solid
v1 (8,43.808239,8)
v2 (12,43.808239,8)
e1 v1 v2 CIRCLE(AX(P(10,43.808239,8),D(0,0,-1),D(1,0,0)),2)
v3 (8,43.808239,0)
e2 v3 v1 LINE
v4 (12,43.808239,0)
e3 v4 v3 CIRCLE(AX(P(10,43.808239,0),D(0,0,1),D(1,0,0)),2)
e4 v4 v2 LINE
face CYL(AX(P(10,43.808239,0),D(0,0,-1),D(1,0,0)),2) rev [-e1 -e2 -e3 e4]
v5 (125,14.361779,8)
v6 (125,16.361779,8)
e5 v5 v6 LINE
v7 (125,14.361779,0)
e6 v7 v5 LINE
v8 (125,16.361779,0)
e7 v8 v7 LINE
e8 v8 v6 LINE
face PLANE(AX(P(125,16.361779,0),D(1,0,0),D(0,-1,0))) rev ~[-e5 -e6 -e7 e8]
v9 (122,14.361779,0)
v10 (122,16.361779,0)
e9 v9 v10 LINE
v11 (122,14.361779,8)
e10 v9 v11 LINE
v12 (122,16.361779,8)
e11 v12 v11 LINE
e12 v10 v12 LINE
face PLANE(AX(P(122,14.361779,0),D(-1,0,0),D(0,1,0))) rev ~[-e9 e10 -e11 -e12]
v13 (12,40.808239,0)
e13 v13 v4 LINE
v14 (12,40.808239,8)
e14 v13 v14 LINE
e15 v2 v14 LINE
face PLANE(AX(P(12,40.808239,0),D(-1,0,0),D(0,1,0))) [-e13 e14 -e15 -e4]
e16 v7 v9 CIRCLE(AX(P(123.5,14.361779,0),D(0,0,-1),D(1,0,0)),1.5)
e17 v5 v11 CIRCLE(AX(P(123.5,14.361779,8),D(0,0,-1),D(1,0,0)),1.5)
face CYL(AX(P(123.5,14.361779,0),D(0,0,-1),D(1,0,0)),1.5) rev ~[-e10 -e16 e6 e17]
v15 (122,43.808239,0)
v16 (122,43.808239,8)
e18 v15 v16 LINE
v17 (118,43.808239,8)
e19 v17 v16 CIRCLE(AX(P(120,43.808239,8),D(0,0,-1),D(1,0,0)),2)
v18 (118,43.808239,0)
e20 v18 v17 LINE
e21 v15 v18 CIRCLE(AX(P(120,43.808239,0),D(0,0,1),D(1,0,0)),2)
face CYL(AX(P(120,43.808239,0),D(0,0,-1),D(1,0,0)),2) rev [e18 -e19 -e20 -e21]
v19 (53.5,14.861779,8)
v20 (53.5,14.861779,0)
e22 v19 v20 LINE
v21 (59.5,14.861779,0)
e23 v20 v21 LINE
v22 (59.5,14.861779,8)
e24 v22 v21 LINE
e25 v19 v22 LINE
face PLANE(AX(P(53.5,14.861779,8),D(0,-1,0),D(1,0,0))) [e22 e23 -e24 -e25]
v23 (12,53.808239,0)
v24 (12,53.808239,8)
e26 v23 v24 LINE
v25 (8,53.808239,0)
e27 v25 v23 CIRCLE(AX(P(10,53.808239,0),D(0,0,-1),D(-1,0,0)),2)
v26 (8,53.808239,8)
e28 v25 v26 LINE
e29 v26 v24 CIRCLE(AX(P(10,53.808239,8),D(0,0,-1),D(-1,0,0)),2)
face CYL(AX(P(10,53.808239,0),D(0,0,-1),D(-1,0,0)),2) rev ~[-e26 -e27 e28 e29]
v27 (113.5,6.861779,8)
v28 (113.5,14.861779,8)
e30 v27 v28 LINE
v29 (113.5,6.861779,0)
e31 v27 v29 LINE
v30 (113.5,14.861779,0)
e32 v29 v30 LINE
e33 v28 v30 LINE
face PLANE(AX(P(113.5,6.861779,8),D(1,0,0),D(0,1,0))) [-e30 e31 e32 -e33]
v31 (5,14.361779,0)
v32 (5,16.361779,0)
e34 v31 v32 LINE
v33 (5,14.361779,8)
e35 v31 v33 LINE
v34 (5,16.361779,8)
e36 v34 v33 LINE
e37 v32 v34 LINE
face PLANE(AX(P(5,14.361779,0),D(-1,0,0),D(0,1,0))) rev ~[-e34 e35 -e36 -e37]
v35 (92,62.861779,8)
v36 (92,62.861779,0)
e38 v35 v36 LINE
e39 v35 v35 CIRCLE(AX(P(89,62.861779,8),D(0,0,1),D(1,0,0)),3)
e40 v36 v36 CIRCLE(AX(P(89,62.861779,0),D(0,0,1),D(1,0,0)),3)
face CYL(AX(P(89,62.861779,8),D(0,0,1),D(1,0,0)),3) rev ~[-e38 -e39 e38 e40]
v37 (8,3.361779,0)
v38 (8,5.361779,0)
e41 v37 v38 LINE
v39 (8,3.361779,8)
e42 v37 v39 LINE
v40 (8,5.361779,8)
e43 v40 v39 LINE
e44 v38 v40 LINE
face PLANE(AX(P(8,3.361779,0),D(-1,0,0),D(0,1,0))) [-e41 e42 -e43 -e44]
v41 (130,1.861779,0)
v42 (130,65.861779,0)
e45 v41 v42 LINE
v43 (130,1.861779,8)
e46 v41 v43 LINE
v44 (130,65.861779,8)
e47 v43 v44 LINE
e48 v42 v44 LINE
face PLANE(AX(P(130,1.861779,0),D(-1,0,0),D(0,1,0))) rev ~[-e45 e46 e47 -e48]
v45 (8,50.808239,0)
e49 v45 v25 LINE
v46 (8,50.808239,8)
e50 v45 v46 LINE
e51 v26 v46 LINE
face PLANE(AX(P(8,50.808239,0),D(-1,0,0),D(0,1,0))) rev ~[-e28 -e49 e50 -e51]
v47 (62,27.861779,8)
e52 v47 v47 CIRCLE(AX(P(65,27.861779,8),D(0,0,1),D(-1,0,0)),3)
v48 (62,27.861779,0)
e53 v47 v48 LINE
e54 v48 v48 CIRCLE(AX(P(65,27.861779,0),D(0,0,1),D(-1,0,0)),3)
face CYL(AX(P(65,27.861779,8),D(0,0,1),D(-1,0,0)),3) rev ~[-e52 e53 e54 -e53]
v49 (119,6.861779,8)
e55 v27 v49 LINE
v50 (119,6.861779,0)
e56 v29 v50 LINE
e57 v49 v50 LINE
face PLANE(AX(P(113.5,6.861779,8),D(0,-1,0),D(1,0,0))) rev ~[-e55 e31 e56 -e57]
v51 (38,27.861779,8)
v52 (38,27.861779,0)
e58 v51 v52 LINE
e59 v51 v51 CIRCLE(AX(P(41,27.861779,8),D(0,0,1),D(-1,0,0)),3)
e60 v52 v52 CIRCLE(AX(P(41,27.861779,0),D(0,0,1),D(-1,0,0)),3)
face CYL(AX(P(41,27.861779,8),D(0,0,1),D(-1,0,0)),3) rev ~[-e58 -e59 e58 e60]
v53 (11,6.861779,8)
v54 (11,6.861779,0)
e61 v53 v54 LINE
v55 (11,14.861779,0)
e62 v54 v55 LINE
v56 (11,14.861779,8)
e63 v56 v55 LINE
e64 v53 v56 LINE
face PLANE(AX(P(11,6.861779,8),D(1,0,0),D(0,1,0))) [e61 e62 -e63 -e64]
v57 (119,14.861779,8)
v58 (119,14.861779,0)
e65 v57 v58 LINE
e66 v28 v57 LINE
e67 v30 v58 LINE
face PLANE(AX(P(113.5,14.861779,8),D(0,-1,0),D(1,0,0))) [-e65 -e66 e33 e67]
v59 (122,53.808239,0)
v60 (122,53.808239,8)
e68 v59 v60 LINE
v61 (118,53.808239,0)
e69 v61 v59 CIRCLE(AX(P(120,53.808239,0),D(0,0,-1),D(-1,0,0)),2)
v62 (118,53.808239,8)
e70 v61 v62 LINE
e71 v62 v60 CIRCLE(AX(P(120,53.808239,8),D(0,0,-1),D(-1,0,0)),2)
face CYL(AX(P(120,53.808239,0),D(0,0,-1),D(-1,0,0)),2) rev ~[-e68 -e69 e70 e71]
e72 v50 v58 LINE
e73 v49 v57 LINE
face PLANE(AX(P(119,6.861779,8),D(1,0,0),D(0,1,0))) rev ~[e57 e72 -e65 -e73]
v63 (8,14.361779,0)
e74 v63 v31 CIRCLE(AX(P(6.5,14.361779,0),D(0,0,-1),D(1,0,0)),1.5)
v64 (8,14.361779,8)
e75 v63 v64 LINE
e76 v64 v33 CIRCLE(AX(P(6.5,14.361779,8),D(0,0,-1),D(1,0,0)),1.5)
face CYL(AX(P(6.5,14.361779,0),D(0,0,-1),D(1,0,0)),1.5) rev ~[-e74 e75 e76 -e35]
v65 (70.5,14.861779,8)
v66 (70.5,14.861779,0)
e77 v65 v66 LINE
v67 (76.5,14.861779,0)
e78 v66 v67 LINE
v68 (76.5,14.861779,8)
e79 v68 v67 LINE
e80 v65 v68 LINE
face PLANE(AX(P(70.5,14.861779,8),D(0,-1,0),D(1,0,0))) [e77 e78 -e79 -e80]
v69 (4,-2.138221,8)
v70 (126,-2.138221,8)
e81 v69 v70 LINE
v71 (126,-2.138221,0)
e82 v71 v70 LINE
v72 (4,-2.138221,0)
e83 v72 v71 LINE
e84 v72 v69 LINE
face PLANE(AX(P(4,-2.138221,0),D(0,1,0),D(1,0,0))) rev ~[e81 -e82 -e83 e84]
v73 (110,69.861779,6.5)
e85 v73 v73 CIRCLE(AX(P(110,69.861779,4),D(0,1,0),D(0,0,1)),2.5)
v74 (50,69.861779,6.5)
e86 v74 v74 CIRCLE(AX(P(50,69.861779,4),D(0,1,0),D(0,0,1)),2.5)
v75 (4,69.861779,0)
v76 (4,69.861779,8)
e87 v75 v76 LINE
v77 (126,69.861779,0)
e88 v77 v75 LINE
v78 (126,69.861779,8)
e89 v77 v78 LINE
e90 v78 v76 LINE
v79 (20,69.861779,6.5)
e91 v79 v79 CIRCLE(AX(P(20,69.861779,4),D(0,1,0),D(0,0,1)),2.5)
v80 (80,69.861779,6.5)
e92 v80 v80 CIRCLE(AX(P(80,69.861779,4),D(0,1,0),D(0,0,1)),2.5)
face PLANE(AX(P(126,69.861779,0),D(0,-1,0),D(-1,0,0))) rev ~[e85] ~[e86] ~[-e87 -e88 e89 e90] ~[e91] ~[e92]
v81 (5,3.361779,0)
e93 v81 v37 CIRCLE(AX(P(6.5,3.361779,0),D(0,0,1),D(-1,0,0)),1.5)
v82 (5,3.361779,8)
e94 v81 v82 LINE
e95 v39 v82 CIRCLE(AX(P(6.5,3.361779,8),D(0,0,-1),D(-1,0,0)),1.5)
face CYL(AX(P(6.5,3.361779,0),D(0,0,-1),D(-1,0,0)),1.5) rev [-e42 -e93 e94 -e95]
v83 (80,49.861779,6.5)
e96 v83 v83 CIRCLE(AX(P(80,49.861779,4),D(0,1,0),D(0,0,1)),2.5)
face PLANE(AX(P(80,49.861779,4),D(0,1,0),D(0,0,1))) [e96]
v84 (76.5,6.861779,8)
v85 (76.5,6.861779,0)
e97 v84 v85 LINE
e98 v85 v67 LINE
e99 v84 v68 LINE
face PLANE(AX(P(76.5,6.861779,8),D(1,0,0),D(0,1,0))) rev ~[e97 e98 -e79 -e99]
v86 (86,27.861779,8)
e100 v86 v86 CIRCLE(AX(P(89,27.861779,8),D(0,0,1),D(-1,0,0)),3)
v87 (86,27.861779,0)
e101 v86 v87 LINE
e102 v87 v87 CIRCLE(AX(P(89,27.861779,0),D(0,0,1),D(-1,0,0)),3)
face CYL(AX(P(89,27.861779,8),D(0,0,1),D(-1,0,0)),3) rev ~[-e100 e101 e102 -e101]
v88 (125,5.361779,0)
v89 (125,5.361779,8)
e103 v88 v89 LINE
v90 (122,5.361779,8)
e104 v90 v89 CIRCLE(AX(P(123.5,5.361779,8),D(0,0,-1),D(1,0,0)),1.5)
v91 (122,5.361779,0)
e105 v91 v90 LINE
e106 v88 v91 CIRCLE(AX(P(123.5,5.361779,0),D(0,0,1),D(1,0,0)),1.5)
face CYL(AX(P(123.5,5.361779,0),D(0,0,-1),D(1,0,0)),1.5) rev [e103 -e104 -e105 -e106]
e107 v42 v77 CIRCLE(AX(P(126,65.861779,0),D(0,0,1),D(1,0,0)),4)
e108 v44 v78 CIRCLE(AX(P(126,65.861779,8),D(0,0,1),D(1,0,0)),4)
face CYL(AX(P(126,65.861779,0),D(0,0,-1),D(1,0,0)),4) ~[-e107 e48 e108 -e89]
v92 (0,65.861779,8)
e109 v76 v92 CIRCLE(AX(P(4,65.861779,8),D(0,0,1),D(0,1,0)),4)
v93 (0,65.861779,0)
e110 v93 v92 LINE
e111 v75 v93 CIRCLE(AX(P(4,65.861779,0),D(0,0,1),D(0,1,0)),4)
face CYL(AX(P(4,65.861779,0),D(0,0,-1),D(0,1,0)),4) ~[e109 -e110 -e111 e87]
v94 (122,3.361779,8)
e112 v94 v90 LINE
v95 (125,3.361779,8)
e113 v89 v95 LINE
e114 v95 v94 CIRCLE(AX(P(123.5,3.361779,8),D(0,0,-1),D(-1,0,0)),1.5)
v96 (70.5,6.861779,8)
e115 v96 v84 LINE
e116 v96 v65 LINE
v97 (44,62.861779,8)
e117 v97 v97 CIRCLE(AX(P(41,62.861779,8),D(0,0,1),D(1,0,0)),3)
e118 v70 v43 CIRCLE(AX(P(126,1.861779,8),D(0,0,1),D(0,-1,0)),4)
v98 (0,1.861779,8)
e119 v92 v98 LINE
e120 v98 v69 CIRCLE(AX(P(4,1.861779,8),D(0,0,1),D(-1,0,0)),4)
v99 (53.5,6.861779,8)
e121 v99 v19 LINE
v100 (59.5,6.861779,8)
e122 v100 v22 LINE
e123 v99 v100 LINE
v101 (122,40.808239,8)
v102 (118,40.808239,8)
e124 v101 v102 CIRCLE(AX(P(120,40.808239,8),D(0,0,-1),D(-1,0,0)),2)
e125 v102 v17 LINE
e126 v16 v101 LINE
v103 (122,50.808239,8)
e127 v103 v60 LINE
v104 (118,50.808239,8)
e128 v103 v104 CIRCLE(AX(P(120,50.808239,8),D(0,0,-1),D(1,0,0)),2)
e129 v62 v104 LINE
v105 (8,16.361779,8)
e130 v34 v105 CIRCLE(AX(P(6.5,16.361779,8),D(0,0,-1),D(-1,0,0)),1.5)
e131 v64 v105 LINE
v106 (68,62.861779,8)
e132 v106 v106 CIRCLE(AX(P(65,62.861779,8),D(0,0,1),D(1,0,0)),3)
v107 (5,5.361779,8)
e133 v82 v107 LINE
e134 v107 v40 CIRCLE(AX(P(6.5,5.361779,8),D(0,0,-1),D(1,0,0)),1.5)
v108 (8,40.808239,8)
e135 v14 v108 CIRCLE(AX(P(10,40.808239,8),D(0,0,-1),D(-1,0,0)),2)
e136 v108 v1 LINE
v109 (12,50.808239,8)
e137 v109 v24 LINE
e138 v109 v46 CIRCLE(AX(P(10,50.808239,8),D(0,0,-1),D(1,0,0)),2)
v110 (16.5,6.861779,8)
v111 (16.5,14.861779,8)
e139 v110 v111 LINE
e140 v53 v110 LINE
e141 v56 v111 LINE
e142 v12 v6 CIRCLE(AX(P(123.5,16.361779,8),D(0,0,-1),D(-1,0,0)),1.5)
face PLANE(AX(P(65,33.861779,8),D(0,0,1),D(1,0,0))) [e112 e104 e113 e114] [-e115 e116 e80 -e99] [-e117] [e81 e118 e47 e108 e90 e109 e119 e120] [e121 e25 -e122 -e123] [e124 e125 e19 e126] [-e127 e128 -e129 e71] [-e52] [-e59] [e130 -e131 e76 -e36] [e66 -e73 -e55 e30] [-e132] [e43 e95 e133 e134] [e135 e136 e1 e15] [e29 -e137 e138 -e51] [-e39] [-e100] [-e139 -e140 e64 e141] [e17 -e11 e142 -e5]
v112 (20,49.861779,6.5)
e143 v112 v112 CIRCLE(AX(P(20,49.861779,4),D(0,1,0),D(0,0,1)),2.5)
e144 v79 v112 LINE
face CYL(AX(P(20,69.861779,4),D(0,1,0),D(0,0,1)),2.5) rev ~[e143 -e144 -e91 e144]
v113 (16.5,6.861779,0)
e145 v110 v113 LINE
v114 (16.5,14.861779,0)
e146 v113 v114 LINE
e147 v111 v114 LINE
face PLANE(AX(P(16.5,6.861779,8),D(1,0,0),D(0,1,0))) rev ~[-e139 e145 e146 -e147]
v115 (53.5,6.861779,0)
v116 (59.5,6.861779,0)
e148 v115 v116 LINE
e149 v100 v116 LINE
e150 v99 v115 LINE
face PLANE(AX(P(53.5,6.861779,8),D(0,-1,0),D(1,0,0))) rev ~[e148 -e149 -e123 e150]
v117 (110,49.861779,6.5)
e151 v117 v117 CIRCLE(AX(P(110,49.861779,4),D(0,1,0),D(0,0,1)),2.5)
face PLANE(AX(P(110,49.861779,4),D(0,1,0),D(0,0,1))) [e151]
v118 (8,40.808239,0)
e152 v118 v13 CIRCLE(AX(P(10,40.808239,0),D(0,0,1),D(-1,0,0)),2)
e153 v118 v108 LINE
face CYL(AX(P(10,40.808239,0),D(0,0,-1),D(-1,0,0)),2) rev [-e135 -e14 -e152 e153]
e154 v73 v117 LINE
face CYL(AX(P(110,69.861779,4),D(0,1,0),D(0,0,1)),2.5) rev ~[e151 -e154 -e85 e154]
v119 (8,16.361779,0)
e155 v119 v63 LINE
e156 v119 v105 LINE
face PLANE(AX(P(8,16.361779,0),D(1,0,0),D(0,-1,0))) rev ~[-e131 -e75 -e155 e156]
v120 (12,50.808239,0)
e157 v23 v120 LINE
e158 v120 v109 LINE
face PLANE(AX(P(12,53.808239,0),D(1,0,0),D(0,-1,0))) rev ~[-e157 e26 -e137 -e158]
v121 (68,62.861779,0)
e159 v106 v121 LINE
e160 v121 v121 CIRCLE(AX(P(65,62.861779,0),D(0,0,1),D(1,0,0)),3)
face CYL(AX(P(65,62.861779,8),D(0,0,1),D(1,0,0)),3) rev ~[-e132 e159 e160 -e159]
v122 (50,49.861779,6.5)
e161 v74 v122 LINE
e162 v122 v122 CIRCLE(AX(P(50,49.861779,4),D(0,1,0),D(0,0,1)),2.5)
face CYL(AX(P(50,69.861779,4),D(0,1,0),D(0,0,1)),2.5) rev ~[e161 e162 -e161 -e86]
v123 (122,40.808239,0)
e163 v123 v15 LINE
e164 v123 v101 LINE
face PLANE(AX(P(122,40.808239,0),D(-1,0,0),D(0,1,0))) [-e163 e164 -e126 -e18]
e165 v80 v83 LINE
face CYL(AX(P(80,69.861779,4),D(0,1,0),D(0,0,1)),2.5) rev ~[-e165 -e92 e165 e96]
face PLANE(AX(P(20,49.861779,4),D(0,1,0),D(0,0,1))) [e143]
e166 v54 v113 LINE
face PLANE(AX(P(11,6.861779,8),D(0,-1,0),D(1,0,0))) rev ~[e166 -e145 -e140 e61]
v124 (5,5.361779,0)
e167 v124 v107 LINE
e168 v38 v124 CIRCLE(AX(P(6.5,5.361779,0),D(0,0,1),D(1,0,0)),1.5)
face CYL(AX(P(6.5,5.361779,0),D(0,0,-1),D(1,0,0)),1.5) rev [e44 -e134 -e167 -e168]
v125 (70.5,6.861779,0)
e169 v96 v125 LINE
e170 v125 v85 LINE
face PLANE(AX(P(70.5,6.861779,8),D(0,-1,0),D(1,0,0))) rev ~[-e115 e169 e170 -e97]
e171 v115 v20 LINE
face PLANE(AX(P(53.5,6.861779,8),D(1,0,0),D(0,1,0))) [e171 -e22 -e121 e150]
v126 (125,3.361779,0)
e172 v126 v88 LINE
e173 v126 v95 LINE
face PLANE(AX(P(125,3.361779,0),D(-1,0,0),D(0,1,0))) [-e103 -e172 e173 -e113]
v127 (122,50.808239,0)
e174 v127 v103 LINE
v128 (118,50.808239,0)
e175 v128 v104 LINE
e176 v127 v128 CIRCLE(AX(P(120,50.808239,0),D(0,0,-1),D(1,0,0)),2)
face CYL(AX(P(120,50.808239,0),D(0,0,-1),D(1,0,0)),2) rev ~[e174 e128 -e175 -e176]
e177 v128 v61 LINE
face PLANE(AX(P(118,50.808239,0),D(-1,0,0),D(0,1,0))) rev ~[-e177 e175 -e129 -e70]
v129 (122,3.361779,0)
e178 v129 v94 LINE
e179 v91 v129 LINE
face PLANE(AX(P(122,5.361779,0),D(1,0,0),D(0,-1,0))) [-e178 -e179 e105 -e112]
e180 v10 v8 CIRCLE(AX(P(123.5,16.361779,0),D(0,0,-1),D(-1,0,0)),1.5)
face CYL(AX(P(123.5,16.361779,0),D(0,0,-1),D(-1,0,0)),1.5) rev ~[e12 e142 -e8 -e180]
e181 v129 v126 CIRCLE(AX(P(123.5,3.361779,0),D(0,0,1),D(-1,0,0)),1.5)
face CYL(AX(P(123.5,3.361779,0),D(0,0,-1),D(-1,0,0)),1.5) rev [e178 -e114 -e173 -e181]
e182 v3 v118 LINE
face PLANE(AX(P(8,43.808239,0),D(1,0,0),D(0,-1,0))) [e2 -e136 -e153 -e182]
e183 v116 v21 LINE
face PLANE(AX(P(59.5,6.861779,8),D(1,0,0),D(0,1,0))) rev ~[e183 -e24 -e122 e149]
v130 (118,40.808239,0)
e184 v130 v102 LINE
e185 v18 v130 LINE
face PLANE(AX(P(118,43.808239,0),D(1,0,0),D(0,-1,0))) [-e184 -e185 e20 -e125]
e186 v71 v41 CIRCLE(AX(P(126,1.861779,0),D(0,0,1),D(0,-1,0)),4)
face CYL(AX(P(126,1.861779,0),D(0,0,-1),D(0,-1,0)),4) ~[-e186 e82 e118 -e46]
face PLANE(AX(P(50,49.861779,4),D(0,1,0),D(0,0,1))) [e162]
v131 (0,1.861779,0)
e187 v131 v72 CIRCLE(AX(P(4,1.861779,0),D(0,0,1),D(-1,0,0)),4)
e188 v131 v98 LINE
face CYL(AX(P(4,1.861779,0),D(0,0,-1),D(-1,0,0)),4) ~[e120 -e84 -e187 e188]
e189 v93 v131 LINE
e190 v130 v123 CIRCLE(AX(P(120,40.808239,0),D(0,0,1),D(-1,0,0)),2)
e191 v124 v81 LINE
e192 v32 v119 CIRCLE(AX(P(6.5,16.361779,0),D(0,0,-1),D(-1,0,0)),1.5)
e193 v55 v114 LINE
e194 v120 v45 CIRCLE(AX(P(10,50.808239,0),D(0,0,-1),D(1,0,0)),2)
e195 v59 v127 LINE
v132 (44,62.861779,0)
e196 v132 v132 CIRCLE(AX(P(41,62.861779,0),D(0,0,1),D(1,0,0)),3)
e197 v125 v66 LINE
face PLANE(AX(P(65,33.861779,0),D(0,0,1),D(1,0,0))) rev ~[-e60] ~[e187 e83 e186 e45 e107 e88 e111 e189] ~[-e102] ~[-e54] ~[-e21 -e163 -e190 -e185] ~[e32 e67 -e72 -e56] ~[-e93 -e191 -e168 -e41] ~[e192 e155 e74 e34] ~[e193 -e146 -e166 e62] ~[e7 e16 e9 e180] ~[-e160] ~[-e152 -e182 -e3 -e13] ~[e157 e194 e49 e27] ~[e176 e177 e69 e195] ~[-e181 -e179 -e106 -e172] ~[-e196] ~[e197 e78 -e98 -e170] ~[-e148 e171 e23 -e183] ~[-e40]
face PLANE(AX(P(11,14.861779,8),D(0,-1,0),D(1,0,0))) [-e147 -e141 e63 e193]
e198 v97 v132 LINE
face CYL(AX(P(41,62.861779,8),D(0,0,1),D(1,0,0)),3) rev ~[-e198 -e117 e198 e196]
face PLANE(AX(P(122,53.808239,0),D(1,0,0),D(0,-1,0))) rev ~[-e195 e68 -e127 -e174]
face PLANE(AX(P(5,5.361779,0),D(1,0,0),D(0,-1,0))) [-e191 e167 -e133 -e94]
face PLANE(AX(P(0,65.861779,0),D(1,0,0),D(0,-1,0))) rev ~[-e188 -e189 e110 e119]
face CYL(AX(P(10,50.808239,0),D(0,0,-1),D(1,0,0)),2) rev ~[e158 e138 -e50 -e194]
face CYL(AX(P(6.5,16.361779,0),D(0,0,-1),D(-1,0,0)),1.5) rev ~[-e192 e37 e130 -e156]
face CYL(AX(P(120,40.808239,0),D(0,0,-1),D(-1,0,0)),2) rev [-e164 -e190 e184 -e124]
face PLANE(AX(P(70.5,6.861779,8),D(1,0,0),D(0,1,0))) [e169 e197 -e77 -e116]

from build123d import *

# Parameters (mm, degrees)
BOSS_EXTRU_1_DEPTH       = 8
ESQUISSE2_W              = 5.5
ESQUISSE2_H              = 8
ESQUISSE2_W_2            = 6
ENL_V_MAT_EXTRU_1_DEPTH  = 10
ESQUISSE9_R              = 2.5
ENL_V_MAT_EXTRU_6_DEPTH  = 20
ESQUISSE10_R             = 3
ENL_V_MAT_EXTRU_7_DEPTH  = 148.799418472
ENL_V_MAT_EXTRU_12_DEPTH = 148.799418472
ENL_V_MAT_EXTRU_13_DEPTH = 148.799418472


with BuildPart() as part:
    # Esquisse1 → Boss.-Extru.1 (new body)
    with BuildSketch(Plane.XY):
        with BuildLine():
            Line((4, -2.138221462), (126, -2.138221462))
            ThreePointArc((126, -2.138221462), (128.828427125, -0.966648586), (130, 1.861778538))
            Line((130, 1.861778538), (130, 17.861778538))
            Line((130, 17.861778538), (130, 65.861778538))
            ThreePointArc((130, 65.861778538), (128.828427125, 68.690205663), (126, 69.861778538))
            Line((126, 69.861778538), (4, 69.861778538))
            ThreePointArc((4, 69.861778538), (1.171572875, 68.690205663), (0, 65.861778538))
            Line((0, 65.861778538), (0, 17.861778538))
            Line((0, 17.861778538), (0, 1.861778538))
            ThreePointArc((0, 1.861778538), (1.171572875, -0.966648586), (4, -2.138221462))
        make_face()
    extrude(amount=BOSS_EXTRU_1_DEPTH)

    # Esquisse2 → Enlèv. mat.-Extru.1 (cut)
    with BuildSketch(Plane.XY.offset(8)):
        with Locations((13.75, 10.861778538)):
            Rectangle(ESQUISSE2_W, ESQUISSE2_H)
        with Locations((56.5, 10.861778538)):
            Rectangle(ESQUISSE2_W_2, ESQUISSE2_H)
        with Locations((73.5, 10.861778538)):
            Rectangle(ESQUISSE2_W_2, ESQUISSE2_H)
        with Locations((116.25, 10.861778538)):
            Rectangle(ESQUISSE2_W, ESQUISSE2_H)
    extrude(amount=-ENL_V_MAT_EXTRU_1_DEPTH, mode=Mode.SUBTRACT)

    # Esquisse9 → Enlèv. mat.-Extru.6 (cut)
    with BuildSketch(Plane(origin=(0, 69.861778538, 0), x_dir=(1, 0, 0), z_dir=(0, 1, 0))):
        with Locations(Location((20, -4, 0), (0, 0, 270))):
            Circle(ESQUISSE9_R)
        with Locations(Location((50, -4, 0), (0, 0, 270))):
            Circle(ESQUISSE9_R)
        with Locations(Location((80, -4, 0), (0, 0, 270))):
            Circle(ESQUISSE9_R)
        with Locations(Location((110, -4, 0), (0, 0, 270))):
            Circle(ESQUISSE9_R)
    extrude(amount=-ENL_V_MAT_EXTRU_6_DEPTH, mode=Mode.SUBTRACT)

    # Esquisse10 → Enlèv. mat.-Extru.7 (cut, through all)
    with BuildSketch(Plane.XY.offset(8)):
        with Locations((41, 62.861778538)):
            Circle(ESQUISSE10_R)
        with Locations(Location((41, 27.861778538, 0), (0, 0, 180))):
            Circle(ESQUISSE10_R)
        with Locations((65, 62.861778538)):
            Circle(ESQUISSE10_R)
        with Locations(Location((65, 27.861778538, 0), (0, 0, 180))):
            Circle(ESQUISSE10_R)
        with Locations((89, 62.861778538)):
            Circle(ESQUISSE10_R)
        with Locations(Location((89, 27.861778538, 0), (0, 0, 180))):
            Circle(ESQUISSE10_R)
    extrude(amount=-ENL_V_MAT_EXTRU_7_DEPTH, mode=Mode.SUBTRACT)

    # Esquisse18 → Enlèv. mat.-Extru.12 (cut, through all)
    with BuildSketch(Plane(origin=(0, 0, 0), x_dir=(-1, 0, 0), z_dir=(0, 0, -1))):
        with BuildLine():
            Line((-125, 3.361778538), (-125, 5.361778538))
            ThreePointArc((-125, 5.361778538), (-123.5, 6.861778538), (-122, 5.361778538))
            Line((-122, 5.361778538), (-122, 3.361778538))
            ThreePointArc((-122, 3.361778538), (-123.5, 1.861778538), (-125, 3.361778538))
        make_face()
        with BuildLine():
            Line((-125, 16.361778538), (-125, 14.361778538))
            ThreePointArc((-125, 14.361778538), (-123.5, 12.861778538), (-122, 14.361778538))
            Line((-122, 14.361778538), (-122, 16.361778538))
            ThreePointArc((-122, 16.361778538), (-123.5, 17.861778538), (-125, 16.361778538))
        make_face()
        with BuildLine():
            Line((-8, 3.361778538), (-8, 5.361778538))
            ThreePointArc((-8, 5.361778538), (-6.5, 6.861778538), (-5, 5.361778538))
            Line((-5, 5.361778538), (-5, 3.361778538))
            ThreePointArc((-5, 3.361778538), (-6.5, 1.861778538), (-8, 3.361778538))
        make_face()
        with BuildLine():
            Line((-8, 16.361778538), (-8, 14.361778538))
            ThreePointArc((-8, 14.361778538), (-6.5, 12.861778538), (-5, 14.361778538))
            Line((-5, 14.361778538), (-5, 16.361778538))
            ThreePointArc((-5, 16.361778538), (-6.5, 17.861778538), (-8, 16.361778538))
        make_face()
    extrude(amount=-ENL_V_MAT_EXTRU_12_DEPTH, mode=Mode.SUBTRACT)

    # Esquisse21 → Enlèv. mat.-Extru.13 (cut, through all)
    with BuildSketch(Plane(origin=(0, 0, 0), x_dir=(-1, 0, 0), z_dir=(0, 0, -1))):
        with BuildLine():
            Line((-122, 40.808238571), (-122, 43.808238571))
            ThreePointArc((-122, 43.808238571), (-120, 45.808238571), (-118, 43.808238571))
            Line((-118, 43.808238571), (-118, 40.808238571))
            ThreePointArc((-118, 40.808238571), (-120, 38.808238571), (-122, 40.808238571))
        make_face()
        with BuildLine():
            Line((-122, 53.808238571), (-122, 50.808238571))
            ThreePointArc((-122, 50.808238571), (-120, 48.808238571), (-118, 50.808238571))
            Line((-118, 50.808238571), (-118, 53.808238571))
            ThreePointArc((-118, 53.808238571), (-120, 55.808238571), (-122, 53.808238571))
        make_face()
        with BuildLine():
            Line((-12, 40.808238571), (-12, 43.808238571))
            ThreePointArc((-12, 43.808238571), (-10, 45.808238571), (-8, 43.808238571))
            Line((-8, 43.808238571), (-8, 40.808238571))
            ThreePointArc((-8, 40.808238571), (-10, 38.808238571), (-12, 40.808238571))
        make_face()
        with BuildLine():
            Line((-12, 53.808238571), (-12, 50.808238571))
            ThreePointArc((-12, 50.808238571), (-10, 48.808238571), (-8, 50.808238571))
            Line((-8, 50.808238571), (-8, 53.808238571))
            ThreePointArc((-8, 53.808238571), (-10, 55.808238571), (-12, 53.808238571))
        make_face()
    extrude(amount=-ENL_V_MAT_EXTRU_13_DEPTH, mode=Mode.SUBTRACT)


solid = part.part
